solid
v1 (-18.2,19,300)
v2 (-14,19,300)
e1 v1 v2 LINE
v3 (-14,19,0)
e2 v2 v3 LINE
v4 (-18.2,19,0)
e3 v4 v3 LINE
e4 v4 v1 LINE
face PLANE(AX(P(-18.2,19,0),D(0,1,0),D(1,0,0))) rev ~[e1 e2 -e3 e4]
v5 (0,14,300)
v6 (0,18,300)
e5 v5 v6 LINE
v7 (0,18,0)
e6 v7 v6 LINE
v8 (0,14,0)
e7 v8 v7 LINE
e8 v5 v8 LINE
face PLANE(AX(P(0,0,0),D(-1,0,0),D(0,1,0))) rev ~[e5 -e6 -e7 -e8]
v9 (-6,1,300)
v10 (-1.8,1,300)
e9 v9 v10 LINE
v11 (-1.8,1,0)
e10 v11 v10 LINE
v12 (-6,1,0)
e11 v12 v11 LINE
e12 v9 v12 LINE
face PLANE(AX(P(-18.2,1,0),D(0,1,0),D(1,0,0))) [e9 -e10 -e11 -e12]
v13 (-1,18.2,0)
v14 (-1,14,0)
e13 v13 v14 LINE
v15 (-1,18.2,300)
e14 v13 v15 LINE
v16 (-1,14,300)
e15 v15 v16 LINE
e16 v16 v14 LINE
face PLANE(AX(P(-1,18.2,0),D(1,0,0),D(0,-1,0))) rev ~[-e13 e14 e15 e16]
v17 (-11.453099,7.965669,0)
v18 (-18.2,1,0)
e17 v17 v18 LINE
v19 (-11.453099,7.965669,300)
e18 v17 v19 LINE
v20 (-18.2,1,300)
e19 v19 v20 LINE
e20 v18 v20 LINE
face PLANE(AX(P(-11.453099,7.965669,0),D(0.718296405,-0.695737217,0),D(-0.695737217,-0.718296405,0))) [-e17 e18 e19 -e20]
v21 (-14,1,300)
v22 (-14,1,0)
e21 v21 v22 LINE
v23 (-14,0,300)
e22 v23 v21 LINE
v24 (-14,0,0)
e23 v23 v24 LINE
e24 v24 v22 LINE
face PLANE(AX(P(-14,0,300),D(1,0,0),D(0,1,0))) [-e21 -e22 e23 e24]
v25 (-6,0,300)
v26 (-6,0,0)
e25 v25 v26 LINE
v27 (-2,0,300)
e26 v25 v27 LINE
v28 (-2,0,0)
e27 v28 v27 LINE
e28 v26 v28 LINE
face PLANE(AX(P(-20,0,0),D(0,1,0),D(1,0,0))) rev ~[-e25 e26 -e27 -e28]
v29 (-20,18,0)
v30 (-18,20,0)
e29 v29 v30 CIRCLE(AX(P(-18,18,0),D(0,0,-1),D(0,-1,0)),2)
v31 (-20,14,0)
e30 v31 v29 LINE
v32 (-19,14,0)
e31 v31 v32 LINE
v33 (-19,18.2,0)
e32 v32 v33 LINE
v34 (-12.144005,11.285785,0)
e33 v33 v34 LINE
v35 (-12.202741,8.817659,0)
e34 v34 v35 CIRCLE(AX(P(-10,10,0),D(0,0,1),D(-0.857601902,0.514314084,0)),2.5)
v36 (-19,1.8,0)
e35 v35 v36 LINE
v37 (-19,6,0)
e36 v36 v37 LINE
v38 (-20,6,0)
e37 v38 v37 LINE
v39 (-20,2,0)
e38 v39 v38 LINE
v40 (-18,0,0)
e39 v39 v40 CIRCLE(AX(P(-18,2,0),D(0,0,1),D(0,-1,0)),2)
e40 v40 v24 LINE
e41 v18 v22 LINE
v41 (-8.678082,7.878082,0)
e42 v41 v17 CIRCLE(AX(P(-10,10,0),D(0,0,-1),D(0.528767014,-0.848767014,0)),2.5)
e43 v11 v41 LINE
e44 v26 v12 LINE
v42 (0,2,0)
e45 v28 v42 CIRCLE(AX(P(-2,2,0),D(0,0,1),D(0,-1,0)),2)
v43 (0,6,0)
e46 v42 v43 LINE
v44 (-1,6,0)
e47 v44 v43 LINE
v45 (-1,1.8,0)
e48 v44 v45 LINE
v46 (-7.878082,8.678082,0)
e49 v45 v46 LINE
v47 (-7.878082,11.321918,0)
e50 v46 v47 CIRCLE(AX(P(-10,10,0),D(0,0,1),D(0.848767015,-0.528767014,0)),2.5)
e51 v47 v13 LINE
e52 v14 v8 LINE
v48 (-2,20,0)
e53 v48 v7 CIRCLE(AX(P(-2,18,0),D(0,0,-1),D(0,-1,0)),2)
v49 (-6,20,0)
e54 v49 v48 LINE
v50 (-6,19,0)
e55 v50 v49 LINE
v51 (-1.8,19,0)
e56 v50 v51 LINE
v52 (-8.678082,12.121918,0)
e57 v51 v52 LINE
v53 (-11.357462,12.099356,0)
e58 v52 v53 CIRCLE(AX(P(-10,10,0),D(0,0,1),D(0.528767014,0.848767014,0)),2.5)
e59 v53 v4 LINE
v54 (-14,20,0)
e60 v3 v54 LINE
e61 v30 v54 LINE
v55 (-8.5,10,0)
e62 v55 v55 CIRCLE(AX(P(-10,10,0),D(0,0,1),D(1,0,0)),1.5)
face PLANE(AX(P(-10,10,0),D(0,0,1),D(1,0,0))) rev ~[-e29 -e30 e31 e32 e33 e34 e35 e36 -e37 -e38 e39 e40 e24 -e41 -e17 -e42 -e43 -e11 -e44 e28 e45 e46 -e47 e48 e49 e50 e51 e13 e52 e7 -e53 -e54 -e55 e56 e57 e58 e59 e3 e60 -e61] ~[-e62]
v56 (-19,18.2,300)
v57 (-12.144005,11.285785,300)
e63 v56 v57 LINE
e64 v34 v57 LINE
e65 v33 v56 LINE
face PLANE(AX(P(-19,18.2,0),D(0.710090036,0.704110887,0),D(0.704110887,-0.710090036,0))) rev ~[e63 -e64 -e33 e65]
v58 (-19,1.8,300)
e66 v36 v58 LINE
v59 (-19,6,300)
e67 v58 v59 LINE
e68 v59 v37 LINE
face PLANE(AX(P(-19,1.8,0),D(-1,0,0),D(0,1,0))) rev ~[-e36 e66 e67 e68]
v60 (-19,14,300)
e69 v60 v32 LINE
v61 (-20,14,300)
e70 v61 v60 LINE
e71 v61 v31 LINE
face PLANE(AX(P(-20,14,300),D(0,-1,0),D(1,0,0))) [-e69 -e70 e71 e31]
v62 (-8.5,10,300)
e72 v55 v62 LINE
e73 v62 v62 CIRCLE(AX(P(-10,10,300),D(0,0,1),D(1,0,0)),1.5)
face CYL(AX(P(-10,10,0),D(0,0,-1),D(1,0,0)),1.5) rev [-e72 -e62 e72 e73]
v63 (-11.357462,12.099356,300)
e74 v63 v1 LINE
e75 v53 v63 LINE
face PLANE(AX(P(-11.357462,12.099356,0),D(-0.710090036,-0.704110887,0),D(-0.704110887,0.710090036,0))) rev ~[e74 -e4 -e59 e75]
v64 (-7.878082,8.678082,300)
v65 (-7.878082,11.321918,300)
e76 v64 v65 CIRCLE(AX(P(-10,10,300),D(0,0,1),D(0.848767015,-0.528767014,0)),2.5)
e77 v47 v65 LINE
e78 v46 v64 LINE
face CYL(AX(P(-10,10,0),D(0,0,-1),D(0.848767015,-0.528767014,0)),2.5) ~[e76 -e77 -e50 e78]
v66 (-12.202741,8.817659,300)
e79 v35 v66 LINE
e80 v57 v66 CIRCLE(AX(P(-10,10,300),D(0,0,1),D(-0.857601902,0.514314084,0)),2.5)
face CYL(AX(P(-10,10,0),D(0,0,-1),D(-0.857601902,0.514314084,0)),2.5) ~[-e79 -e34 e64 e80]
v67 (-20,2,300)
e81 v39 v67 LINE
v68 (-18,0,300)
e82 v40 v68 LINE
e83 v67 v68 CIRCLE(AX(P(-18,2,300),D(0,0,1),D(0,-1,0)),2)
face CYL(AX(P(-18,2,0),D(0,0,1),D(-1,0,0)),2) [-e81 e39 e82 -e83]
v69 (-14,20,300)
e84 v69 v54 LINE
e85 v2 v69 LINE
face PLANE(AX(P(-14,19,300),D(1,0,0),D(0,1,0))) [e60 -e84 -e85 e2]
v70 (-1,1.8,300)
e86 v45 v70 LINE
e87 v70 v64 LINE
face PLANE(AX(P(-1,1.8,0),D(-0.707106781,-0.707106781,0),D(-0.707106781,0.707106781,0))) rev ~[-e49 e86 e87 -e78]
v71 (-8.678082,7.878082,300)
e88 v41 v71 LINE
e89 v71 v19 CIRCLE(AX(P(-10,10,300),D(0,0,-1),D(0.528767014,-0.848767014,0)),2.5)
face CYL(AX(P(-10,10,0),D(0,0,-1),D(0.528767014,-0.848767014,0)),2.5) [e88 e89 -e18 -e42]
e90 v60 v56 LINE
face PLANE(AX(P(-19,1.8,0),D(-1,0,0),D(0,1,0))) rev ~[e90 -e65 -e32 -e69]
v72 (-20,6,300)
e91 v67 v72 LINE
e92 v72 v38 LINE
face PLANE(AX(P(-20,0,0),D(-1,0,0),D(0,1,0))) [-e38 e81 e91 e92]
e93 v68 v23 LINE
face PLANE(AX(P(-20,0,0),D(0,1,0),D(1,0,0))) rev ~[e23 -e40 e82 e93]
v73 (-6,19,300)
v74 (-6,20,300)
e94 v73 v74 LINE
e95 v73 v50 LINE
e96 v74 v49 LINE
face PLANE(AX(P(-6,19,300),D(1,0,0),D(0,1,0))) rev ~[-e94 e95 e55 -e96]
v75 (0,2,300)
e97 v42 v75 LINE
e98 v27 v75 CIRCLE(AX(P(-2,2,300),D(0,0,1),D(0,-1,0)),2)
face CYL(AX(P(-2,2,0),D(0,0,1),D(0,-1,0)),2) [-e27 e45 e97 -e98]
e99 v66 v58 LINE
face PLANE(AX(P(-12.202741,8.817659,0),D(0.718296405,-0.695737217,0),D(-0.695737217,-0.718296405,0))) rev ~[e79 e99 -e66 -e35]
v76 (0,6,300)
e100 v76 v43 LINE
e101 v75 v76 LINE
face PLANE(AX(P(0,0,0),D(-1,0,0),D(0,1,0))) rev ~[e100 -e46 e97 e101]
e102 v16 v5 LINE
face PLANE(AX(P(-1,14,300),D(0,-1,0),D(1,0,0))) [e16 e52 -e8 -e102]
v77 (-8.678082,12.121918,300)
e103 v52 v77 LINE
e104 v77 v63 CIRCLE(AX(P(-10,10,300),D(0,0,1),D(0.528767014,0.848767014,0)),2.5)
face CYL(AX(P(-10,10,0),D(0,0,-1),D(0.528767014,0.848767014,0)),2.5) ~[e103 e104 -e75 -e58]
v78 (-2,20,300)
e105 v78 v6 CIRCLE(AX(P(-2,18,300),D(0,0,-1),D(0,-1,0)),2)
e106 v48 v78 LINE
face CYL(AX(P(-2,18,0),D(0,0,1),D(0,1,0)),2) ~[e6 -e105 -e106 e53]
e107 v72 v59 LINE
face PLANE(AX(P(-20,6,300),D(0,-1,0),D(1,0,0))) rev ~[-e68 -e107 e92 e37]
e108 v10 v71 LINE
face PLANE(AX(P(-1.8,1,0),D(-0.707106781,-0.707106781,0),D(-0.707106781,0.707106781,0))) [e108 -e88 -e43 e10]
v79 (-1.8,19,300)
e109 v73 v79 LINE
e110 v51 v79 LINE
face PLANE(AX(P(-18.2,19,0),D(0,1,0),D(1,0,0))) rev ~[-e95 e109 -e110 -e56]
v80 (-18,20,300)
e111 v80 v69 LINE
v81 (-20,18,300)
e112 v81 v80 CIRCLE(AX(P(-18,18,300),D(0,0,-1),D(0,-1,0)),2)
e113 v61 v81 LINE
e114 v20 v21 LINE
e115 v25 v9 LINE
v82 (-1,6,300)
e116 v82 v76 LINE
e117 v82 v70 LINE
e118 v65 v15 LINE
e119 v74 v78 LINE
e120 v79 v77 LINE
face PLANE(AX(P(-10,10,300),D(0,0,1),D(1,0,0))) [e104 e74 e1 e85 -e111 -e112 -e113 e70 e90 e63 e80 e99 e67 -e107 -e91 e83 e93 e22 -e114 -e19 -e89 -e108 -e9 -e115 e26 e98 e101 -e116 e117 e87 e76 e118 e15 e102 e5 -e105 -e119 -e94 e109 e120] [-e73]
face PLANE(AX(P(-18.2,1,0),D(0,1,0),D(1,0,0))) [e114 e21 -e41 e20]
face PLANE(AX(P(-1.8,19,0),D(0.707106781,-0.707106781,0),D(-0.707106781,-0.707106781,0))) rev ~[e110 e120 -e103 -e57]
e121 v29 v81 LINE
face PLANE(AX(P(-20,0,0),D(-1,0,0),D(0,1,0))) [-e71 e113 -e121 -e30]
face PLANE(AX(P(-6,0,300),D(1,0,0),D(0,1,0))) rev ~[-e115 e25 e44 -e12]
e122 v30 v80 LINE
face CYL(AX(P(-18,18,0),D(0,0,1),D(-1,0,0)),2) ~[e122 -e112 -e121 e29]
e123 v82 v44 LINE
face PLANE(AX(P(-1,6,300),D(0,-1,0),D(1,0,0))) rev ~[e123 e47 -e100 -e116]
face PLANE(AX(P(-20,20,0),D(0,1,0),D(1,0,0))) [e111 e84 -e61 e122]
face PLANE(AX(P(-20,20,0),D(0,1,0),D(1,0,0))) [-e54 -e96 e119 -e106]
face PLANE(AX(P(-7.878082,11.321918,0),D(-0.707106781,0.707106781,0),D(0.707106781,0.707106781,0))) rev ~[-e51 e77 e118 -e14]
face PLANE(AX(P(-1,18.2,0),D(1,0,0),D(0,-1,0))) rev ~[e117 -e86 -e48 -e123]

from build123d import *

# Parameters (mm, degrees)
ESQUISSE1_W             = 20
ESQUISSE1_H             = 20
ESQUISSE1_R             = 1.5
BOSS_EXTRU_1_DEPTH      = 300
CONG_1_R                = 2
ESQUISSE2_W             = 8
ESQUISSE2_H             = 1
ESQUISSE2_W_2           = 1
ESQUISSE2_H_2           = 8
ENL_V_MAT_EXTRU_1_DEPTH = 302.330383466


with BuildPart() as part:
    # Esquisse1 → Boss.-Extru.1 (new body)
    with BuildSketch(Plane.XY):
        with Locations((-10, 10)):
            Rectangle(ESQUISSE1_W, ESQUISSE1_H)
        with Locations((-10, 10)):
            Circle(ESQUISSE1_R, mode=Mode.SUBTRACT)
        with BuildLine():
            Line((-19, 18.2), (-12.144004756, 11.285785211))
            ThreePointArc((-12.144004756, 11.285785211), (-12.499292367, 10.059478285), (-12.20274135, 8.817658871))
            Line((-12.20274135, 8.817658871), (-19, 1.8))
            Line((-19, 1.8), (-19, 18.2))
        make_face(mode=Mode.SUBTRACT)
        with BuildLine():
            Line((-18.2, 1), (-1.8, 1))
            Line((-1.8, 1), (-8.678082464, 7.878082464))
            ThreePointArc((-8.678082464, 7.878082464), (-10.078866736, 7.501244302), (-11.453098741, 7.965668648))
            Line((-11.453098741, 7.965668648), (-18.2, 1))
        make_face(mode=Mode.SUBTRACT)
        with BuildLine():
            Line((-1, 18.2), (-1, 1.8))
            Line((-1, 1.8), (-7.878082464, 8.678082464))
            ThreePointArc((-7.878082464, 8.678082464), (-7.5, 10), (-7.878082464, 11.321917536))
            Line((-7.878082464, 11.321917536), (-1, 18.2))
        make_face(mode=Mode.SUBTRACT)
        with BuildLine():
            Line((-11.357461746, 12.099356475), (-18.2, 19))
            Line((-18.2, 19), (-1.8, 19))
            Line((-1.8, 19), (-8.678082464, 12.121917536))
            ThreePointArc((-8.678082464, 12.121917536), (-10.021049895, 12.499911379), (-11.357461746, 12.099356475))
        make_face(mode=Mode.SUBTRACT)
    extrude(amount=BOSS_EXTRU_1_DEPTH)

    # Congé1
    cong_1_edges = [part.edges().sort_by_distance(p)[0] for p in [
        (0, 0, 150),
        (-20, 0, 150),
        (-20, 20, 150),
        (0, 20, 150),
    ]]
    fillet(cong_1_edges, radius=CONG_1_R)

    # Esquisse2 → Enlèv. mat.-Extru.1 (cut, through all)
    with BuildSketch(Plane.XY.offset(300)):
        with Locations((-10, 19.5)):
            Rectangle(ESQUISSE2_W, ESQUISSE2_H)
        with Locations((-19.5, 10)):
            Rectangle(ESQUISSE2_W_2, ESQUISSE2_H_2)
        with Locations((-10, 0.5)):
            Rectangle(ESQUISSE2_W, ESQUISSE2_H)
        with Locations((-0.5, 10)):
            Rectangle(ESQUISSE2_W_2, ESQUISSE2_H_2)
    extrude(amount=-ENL_V_MAT_EXTRU_1_DEPTH, mode=Mode.SUBTRACT)


solid = part.part
